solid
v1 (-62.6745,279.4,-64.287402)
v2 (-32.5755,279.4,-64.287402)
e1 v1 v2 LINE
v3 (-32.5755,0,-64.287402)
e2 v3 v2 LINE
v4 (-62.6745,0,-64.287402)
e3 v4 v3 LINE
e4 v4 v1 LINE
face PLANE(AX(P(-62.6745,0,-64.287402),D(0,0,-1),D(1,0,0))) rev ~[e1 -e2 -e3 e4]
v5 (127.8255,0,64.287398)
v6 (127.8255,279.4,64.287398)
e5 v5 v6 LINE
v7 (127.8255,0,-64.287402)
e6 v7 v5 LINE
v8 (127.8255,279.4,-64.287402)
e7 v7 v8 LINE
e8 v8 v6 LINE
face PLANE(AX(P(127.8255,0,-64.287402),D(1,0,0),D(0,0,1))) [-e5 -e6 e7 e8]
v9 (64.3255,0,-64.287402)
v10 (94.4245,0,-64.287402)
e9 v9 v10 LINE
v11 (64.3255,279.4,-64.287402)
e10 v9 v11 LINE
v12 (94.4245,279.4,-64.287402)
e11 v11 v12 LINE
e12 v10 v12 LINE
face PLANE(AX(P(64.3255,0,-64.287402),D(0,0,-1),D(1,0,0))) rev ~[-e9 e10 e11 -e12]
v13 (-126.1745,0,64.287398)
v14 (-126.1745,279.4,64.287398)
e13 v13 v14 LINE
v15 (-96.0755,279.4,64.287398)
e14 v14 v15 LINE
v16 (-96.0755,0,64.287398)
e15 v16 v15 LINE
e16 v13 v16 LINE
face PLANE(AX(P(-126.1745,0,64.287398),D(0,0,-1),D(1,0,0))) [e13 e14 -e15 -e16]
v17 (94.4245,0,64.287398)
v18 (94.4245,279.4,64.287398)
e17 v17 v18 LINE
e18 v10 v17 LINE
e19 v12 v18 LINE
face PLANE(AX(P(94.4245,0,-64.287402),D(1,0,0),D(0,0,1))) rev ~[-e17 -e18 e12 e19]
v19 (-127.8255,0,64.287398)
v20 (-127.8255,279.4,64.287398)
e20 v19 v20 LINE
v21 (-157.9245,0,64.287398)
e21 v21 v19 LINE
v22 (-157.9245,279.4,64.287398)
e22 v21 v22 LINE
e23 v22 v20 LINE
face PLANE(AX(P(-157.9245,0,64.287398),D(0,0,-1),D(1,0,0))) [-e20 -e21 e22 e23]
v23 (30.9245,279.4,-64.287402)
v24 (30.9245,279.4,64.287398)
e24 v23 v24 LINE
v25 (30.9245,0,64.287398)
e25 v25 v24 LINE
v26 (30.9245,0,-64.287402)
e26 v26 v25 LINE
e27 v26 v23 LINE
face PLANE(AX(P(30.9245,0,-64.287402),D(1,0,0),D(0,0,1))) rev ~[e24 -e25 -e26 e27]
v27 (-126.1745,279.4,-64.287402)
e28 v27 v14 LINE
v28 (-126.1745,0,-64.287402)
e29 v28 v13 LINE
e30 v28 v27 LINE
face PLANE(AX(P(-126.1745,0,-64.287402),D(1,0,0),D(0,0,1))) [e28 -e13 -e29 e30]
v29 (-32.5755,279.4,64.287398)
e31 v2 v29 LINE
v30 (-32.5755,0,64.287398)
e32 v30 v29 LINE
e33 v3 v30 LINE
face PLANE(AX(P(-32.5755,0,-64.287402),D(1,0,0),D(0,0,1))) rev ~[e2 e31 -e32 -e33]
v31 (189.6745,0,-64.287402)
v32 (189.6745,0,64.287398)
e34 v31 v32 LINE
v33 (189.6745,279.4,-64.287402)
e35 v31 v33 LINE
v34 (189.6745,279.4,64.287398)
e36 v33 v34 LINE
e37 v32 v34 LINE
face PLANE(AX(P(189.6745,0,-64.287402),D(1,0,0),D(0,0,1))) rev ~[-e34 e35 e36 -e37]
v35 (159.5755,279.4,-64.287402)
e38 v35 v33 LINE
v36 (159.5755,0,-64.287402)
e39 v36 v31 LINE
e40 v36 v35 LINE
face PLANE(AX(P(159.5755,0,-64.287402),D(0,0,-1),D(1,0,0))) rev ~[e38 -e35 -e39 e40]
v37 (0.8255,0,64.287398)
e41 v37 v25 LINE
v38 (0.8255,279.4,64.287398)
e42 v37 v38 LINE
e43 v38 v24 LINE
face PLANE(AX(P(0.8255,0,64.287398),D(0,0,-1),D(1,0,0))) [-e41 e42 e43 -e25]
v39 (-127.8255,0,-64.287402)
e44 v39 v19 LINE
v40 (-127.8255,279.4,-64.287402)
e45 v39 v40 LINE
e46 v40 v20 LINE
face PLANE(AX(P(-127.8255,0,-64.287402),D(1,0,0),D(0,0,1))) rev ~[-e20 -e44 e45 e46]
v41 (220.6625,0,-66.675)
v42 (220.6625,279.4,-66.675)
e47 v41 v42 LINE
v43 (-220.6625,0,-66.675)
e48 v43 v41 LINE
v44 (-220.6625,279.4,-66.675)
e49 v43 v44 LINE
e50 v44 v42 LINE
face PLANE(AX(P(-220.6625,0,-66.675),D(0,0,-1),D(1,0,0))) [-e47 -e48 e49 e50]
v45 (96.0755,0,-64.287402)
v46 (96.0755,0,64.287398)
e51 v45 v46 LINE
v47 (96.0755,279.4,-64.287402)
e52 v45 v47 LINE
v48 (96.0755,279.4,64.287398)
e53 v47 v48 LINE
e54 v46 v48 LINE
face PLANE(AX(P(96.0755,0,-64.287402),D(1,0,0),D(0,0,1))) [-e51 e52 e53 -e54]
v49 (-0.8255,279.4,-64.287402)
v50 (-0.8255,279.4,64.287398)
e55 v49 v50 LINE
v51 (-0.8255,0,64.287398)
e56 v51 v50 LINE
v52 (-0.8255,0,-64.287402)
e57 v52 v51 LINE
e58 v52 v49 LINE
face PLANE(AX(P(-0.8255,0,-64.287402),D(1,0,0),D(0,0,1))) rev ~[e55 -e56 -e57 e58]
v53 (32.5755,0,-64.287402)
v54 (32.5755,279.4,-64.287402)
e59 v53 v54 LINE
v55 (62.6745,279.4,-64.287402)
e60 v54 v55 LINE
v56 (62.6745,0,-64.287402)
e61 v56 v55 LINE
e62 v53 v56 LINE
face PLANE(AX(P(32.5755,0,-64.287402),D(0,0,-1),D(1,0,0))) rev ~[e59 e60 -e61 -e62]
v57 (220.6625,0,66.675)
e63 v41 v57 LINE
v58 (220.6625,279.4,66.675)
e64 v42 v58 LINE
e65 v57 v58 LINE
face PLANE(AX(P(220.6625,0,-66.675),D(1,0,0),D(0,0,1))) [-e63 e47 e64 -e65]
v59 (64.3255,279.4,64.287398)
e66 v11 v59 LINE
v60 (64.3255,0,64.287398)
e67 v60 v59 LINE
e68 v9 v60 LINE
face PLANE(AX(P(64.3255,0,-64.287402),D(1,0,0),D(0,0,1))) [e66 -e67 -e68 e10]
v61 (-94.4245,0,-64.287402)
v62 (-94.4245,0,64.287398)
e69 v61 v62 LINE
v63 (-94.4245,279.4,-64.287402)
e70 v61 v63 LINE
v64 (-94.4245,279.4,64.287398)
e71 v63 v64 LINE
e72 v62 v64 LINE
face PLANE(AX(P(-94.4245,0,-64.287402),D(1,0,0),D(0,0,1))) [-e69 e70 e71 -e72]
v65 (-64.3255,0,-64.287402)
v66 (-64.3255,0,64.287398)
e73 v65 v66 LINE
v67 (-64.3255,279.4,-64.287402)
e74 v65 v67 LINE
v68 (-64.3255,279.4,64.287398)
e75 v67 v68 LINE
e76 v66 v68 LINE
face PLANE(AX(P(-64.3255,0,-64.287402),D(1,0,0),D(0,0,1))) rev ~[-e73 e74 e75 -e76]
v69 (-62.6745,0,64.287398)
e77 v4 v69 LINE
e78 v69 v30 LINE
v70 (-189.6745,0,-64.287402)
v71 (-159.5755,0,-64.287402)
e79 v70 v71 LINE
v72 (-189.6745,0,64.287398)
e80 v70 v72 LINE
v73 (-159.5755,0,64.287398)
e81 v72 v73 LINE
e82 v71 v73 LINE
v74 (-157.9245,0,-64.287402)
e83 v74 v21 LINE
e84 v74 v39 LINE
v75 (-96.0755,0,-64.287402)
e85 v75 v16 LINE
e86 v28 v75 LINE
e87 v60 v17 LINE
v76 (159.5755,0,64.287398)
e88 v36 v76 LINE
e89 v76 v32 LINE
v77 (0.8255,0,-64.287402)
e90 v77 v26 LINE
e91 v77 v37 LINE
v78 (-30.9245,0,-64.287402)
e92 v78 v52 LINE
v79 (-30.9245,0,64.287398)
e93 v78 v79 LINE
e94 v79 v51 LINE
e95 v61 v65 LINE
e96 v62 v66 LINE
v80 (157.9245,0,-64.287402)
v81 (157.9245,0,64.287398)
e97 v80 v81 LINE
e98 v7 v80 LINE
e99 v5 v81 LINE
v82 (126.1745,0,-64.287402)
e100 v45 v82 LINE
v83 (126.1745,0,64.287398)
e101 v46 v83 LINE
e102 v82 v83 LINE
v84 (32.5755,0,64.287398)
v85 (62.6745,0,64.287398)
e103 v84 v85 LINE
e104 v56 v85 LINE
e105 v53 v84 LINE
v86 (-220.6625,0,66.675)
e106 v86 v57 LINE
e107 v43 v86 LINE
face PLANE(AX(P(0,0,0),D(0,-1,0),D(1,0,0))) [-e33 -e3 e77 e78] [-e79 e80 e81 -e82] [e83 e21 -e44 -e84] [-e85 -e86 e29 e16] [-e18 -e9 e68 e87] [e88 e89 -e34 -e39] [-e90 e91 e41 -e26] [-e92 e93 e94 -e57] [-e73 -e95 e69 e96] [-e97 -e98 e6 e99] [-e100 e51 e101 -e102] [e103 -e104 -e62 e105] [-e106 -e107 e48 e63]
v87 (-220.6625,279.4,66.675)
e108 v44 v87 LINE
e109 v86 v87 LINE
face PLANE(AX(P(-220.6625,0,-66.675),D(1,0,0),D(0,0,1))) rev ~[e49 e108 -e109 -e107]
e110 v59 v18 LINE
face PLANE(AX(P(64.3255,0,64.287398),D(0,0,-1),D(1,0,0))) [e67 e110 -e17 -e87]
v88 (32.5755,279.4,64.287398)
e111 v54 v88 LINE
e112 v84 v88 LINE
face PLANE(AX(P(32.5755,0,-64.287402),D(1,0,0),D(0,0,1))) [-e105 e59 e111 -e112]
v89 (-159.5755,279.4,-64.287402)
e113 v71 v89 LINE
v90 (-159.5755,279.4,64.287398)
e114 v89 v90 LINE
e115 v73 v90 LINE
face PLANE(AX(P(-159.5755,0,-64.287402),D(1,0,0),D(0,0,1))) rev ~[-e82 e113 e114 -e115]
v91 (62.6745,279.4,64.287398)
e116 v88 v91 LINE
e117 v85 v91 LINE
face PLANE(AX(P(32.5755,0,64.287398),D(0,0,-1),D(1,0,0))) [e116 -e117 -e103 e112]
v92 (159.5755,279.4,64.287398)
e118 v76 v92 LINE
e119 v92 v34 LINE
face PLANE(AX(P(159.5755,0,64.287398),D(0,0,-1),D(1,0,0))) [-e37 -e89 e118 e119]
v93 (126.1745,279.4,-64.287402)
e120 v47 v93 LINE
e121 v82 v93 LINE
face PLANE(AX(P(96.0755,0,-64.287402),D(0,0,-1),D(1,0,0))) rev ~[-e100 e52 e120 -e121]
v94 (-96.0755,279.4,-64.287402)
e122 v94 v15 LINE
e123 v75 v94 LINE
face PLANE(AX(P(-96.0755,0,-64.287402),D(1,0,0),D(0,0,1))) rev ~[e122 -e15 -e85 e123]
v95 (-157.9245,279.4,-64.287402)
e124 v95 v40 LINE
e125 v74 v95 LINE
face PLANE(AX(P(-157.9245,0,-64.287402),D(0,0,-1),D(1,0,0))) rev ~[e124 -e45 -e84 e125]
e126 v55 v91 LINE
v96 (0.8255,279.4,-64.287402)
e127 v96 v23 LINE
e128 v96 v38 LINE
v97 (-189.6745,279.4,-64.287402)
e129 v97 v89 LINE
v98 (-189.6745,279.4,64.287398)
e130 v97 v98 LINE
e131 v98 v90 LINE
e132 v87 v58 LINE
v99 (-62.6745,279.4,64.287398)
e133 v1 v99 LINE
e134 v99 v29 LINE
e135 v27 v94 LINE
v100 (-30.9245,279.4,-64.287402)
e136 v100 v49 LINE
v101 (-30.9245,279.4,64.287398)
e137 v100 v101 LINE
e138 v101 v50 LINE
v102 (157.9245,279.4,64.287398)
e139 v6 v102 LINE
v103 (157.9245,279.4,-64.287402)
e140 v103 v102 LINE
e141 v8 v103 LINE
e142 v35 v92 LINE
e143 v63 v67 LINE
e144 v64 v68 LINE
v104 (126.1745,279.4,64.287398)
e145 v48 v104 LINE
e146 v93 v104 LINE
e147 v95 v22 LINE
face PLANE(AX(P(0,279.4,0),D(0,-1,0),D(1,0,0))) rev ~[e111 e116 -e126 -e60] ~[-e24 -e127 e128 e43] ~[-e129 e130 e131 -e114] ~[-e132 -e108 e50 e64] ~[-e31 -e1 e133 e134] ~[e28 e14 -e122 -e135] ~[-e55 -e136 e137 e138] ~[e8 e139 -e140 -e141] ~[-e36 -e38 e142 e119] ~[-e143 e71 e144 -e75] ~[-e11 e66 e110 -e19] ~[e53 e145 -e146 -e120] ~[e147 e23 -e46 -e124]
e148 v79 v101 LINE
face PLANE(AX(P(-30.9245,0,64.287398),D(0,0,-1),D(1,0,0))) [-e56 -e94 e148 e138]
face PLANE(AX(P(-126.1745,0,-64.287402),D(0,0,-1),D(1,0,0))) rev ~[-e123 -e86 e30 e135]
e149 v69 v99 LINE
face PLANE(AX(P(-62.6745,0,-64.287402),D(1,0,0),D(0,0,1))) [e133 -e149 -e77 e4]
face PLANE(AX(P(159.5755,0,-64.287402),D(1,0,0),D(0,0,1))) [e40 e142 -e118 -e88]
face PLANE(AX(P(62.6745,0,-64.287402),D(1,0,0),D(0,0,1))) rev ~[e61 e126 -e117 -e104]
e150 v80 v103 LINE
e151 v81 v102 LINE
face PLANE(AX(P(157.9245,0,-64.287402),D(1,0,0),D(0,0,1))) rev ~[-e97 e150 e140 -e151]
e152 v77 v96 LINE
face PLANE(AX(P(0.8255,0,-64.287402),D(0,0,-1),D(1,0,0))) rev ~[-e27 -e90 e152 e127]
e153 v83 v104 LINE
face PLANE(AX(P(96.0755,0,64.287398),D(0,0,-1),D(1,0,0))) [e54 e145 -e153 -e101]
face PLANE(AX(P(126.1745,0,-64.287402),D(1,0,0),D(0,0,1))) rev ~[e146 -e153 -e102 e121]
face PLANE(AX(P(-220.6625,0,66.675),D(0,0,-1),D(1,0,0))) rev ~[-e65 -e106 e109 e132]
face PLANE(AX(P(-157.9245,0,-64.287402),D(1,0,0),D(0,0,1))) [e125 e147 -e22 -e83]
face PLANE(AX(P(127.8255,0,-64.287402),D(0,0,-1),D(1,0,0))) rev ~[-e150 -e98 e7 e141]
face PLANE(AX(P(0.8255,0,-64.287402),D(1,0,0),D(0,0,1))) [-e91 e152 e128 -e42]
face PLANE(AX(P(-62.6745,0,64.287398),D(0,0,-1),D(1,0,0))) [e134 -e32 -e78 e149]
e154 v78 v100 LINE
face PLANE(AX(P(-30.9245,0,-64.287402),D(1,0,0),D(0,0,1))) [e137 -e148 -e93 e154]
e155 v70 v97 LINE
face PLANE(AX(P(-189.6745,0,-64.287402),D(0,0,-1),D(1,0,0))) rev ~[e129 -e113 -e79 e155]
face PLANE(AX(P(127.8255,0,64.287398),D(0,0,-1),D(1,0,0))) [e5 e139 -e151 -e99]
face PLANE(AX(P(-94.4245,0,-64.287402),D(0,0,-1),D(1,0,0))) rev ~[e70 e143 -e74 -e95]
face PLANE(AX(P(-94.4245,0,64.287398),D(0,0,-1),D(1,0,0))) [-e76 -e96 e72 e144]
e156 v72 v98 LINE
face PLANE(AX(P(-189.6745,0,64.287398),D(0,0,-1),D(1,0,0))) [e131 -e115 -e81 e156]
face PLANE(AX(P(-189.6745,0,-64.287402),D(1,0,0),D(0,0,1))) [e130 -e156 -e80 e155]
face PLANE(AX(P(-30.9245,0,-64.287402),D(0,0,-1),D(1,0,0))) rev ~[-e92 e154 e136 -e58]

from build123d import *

# Parameters (mm, degrees)
F0_W     = 441.325
F0_H     = 133.35
F0_W_2   = 30.099
F0_H_2   = 128.5748
F1_DEPTH = 279.4


with BuildPart() as f1:
    # F0 (on Front) → F1 (new body)
    with BuildSketch(Plane.XZ):
        Rectangle(F0_W, F0_H)
        with Locations((-174.625, -2e-06)):
            Rectangle(F0_W_2, F0_H_2, mode=Mode.SUBTRACT)
        with Locations((-142.875, -2e-06)):
            Rectangle(F0_W_2, F0_H_2, mode=Mode.SUBTRACT)
        with Locations((-111.125, -2e-06)):
            Rectangle(F0_W_2, F0_H_2, mode=Mode.SUBTRACT)
        with Locations((-79.375, -2e-06)):
            Rectangle(F0_W_2, F0_H_2, mode=Mode.SUBTRACT)
        with Locations((-47.625, -2e-06)):
            Rectangle(F0_W_2, F0_H_2, mode=Mode.SUBTRACT)
        with Locations((-15.875, -2e-06)):
            Rectangle(F0_W_2, F0_H_2, mode=Mode.SUBTRACT)
        with Locations((15.875, -2e-06)):
            Rectangle(F0_W_2, F0_H_2, mode=Mode.SUBTRACT)
        with Locations((47.625, -2e-06)):
            Rectangle(F0_W_2, F0_H_2, mode=Mode.SUBTRACT)
        with Locations((79.375, -2e-06)):
            Rectangle(F0_W_2, F0_H_2, mode=Mode.SUBTRACT)
        with Locations((111.125, -2e-06)):
            Rectangle(F0_W_2, F0_H_2, mode=Mode.SUBTRACT)
        with Locations((142.875, -2e-06)):
            Rectangle(F0_W_2, F0_H_2, mode=Mode.SUBTRACT)
        with Locations((174.625, -2e-06)):
            Rectangle(F0_W_2, F0_H_2, mode=Mode.SUBTRACT)
    extrude(amount=-F1_DEPTH)


solid = f1.part
